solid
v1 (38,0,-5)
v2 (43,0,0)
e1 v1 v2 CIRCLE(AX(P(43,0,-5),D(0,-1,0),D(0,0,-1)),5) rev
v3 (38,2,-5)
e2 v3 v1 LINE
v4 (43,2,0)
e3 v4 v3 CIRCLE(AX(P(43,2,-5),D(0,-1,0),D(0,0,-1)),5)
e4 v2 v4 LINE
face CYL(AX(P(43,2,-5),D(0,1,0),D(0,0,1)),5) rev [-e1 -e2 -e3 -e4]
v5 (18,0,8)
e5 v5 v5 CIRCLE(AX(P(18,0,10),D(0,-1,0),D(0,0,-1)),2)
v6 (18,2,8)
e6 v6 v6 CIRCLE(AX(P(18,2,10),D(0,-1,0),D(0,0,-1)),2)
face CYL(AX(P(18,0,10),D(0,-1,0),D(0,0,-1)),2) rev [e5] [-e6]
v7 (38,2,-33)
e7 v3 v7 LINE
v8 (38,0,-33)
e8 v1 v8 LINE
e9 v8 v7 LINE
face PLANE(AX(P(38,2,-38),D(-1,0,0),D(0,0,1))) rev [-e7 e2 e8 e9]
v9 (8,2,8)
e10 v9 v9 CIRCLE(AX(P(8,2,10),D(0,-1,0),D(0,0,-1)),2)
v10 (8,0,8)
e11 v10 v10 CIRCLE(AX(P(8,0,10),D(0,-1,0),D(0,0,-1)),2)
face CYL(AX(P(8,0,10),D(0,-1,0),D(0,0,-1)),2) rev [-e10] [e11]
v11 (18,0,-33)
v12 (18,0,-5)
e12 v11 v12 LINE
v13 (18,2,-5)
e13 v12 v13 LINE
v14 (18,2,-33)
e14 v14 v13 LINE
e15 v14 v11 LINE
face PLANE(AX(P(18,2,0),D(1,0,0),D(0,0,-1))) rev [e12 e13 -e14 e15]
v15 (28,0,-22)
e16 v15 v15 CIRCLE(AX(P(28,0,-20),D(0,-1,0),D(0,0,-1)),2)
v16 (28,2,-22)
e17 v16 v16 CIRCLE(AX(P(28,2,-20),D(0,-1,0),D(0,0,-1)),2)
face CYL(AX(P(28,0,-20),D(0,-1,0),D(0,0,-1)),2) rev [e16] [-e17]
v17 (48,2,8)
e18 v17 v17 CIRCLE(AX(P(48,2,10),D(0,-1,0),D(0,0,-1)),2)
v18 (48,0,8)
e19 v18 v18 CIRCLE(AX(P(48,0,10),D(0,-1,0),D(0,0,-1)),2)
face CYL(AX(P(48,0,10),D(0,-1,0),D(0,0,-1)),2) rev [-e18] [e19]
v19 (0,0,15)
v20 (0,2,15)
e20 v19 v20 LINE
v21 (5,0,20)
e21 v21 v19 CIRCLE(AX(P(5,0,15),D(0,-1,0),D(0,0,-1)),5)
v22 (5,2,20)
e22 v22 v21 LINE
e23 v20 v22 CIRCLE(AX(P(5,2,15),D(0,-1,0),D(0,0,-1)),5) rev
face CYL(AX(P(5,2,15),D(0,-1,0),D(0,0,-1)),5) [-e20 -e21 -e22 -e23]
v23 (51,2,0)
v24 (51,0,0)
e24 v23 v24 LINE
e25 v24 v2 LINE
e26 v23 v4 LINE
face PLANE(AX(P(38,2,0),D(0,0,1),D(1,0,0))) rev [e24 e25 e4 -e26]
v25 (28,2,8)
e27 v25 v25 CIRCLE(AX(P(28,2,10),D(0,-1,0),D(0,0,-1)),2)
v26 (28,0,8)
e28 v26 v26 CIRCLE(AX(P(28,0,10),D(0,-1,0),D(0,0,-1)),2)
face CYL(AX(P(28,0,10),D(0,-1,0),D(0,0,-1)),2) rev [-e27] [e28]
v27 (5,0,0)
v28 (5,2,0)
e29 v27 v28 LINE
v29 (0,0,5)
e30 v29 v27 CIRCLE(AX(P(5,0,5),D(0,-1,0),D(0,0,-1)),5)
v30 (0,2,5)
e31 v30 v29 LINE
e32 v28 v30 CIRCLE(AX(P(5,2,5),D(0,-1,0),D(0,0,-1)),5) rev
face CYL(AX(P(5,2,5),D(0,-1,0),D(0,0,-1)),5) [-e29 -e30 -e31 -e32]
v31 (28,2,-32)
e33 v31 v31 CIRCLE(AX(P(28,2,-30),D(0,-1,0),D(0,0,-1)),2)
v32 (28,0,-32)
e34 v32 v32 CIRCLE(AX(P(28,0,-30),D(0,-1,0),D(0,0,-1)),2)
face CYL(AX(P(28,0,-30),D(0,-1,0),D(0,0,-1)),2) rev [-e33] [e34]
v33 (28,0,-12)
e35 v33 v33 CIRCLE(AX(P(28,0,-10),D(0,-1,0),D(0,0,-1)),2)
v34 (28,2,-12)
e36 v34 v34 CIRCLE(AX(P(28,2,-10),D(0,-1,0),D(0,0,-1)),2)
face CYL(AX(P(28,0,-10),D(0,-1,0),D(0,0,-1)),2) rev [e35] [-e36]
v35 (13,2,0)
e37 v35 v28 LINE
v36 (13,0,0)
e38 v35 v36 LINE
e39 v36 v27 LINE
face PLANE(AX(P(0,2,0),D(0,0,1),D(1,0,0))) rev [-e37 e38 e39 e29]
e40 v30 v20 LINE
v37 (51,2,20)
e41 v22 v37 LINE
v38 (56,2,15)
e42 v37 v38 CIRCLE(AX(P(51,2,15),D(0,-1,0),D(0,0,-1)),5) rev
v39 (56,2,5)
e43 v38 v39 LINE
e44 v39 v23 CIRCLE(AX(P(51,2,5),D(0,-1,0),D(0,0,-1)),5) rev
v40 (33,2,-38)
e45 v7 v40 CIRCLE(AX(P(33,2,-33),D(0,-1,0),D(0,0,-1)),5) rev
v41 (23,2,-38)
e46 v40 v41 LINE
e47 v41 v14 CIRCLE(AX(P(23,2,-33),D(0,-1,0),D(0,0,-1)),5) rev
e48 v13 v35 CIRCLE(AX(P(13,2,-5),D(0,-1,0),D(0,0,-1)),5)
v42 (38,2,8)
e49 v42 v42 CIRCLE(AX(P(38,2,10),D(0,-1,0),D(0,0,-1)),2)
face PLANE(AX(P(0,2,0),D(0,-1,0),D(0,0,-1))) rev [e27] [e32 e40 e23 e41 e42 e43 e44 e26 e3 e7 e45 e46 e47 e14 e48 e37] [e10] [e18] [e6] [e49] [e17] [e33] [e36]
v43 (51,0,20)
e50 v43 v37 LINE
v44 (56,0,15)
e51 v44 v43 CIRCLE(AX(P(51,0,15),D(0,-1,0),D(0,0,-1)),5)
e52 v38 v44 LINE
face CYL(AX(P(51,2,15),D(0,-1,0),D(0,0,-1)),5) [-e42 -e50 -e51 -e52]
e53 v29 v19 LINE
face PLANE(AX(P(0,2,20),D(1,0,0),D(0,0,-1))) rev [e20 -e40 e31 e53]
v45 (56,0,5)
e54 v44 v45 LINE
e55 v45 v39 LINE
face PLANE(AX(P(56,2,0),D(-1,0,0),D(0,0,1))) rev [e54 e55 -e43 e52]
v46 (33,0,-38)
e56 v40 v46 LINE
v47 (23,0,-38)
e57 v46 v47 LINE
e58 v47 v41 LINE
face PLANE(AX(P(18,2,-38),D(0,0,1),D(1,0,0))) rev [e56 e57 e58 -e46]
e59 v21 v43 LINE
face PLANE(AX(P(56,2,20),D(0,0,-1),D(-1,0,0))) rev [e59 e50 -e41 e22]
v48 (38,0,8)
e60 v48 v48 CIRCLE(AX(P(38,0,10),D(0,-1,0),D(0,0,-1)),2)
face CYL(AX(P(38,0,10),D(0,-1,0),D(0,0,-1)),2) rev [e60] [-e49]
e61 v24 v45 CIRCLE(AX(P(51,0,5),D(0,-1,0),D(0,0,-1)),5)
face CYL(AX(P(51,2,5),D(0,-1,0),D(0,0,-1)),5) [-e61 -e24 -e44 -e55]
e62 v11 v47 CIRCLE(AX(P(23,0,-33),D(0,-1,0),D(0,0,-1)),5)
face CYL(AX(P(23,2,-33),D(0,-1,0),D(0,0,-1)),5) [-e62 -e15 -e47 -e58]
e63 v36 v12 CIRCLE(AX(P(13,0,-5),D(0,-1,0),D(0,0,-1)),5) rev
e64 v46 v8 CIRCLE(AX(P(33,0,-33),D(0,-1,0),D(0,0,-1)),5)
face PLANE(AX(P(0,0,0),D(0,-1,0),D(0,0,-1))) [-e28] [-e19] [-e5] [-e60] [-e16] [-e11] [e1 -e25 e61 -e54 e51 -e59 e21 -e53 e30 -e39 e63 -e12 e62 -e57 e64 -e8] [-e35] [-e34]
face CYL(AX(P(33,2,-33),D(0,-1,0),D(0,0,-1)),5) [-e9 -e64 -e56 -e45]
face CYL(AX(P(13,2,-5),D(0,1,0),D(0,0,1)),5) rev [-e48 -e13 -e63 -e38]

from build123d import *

# Parameters (mm, degrees)
EXTRUDE_1_DEPTH       = 2
HOLE_WIZARD_4_0_4_1_D = 4
FILLET_1_R            = 5
FILLET_2_R            = 5
HOLE_WIZARD_4_0_4_2_D = 4


with BuildPart() as part:
    # 草圖1 → 填料-伸長1 (new body)
    with BuildSketch(Plane(origin=(0, 0, 0), x_dir=(1, 0, 0), z_dir=(0, 1, 0))):
        Polygon((0, 0), (18, 0), (18, 38), (38, 38), (38, 0), (56, 0), (56, -20), (0, -20), align=None)
    extrude(amount=EXTRUDE_1_DEPTH)

    # Ø4.0 (4) 直徑孔1 (through all)
    with Locations(Plane(origin=(0, 0, 0), x_dir=(-1, 0, 0), z_dir=(0, -1, 0))):
        with Locations((-28, 30), (-28, 10), (-28, -10), (-8, -10), (-48, -10)):
            Hole(HOLE_WIZARD_4_0_4_1_D / 2)

    # 圓角1
    fillet_1_edges = [part.edges().sort_by_distance(p)[0] for p in [
        (0, 1, 0),
        (18, 1, -38),
        (38, 1, -38),
        (56, 1, 0),
        (56, 1, 20),
        (0, 1, 20),
    ]]
    fillet(fillet_1_edges, radius=FILLET_1_R)

    # 圓角2
    fillet_2_edges = [part.edges().sort_by_distance(p)[0] for p in [
        (18, 1, 0),
        (38, 1, 0),
    ]]
    fillet(fillet_2_edges, radius=FILLET_2_R)

    # Ø4.0 (4) 直徑孔2 (through all)
    with Locations(Plane(origin=(0, 0, 0), x_dir=(-1, 0, 0), z_dir=(0, -1, 0))):
        with Locations((-38, -10), (-18, -10), (-28, 20)):
            Hole(HOLE_WIZARD_4_0_4_2_D / 2)


solid = part.part
